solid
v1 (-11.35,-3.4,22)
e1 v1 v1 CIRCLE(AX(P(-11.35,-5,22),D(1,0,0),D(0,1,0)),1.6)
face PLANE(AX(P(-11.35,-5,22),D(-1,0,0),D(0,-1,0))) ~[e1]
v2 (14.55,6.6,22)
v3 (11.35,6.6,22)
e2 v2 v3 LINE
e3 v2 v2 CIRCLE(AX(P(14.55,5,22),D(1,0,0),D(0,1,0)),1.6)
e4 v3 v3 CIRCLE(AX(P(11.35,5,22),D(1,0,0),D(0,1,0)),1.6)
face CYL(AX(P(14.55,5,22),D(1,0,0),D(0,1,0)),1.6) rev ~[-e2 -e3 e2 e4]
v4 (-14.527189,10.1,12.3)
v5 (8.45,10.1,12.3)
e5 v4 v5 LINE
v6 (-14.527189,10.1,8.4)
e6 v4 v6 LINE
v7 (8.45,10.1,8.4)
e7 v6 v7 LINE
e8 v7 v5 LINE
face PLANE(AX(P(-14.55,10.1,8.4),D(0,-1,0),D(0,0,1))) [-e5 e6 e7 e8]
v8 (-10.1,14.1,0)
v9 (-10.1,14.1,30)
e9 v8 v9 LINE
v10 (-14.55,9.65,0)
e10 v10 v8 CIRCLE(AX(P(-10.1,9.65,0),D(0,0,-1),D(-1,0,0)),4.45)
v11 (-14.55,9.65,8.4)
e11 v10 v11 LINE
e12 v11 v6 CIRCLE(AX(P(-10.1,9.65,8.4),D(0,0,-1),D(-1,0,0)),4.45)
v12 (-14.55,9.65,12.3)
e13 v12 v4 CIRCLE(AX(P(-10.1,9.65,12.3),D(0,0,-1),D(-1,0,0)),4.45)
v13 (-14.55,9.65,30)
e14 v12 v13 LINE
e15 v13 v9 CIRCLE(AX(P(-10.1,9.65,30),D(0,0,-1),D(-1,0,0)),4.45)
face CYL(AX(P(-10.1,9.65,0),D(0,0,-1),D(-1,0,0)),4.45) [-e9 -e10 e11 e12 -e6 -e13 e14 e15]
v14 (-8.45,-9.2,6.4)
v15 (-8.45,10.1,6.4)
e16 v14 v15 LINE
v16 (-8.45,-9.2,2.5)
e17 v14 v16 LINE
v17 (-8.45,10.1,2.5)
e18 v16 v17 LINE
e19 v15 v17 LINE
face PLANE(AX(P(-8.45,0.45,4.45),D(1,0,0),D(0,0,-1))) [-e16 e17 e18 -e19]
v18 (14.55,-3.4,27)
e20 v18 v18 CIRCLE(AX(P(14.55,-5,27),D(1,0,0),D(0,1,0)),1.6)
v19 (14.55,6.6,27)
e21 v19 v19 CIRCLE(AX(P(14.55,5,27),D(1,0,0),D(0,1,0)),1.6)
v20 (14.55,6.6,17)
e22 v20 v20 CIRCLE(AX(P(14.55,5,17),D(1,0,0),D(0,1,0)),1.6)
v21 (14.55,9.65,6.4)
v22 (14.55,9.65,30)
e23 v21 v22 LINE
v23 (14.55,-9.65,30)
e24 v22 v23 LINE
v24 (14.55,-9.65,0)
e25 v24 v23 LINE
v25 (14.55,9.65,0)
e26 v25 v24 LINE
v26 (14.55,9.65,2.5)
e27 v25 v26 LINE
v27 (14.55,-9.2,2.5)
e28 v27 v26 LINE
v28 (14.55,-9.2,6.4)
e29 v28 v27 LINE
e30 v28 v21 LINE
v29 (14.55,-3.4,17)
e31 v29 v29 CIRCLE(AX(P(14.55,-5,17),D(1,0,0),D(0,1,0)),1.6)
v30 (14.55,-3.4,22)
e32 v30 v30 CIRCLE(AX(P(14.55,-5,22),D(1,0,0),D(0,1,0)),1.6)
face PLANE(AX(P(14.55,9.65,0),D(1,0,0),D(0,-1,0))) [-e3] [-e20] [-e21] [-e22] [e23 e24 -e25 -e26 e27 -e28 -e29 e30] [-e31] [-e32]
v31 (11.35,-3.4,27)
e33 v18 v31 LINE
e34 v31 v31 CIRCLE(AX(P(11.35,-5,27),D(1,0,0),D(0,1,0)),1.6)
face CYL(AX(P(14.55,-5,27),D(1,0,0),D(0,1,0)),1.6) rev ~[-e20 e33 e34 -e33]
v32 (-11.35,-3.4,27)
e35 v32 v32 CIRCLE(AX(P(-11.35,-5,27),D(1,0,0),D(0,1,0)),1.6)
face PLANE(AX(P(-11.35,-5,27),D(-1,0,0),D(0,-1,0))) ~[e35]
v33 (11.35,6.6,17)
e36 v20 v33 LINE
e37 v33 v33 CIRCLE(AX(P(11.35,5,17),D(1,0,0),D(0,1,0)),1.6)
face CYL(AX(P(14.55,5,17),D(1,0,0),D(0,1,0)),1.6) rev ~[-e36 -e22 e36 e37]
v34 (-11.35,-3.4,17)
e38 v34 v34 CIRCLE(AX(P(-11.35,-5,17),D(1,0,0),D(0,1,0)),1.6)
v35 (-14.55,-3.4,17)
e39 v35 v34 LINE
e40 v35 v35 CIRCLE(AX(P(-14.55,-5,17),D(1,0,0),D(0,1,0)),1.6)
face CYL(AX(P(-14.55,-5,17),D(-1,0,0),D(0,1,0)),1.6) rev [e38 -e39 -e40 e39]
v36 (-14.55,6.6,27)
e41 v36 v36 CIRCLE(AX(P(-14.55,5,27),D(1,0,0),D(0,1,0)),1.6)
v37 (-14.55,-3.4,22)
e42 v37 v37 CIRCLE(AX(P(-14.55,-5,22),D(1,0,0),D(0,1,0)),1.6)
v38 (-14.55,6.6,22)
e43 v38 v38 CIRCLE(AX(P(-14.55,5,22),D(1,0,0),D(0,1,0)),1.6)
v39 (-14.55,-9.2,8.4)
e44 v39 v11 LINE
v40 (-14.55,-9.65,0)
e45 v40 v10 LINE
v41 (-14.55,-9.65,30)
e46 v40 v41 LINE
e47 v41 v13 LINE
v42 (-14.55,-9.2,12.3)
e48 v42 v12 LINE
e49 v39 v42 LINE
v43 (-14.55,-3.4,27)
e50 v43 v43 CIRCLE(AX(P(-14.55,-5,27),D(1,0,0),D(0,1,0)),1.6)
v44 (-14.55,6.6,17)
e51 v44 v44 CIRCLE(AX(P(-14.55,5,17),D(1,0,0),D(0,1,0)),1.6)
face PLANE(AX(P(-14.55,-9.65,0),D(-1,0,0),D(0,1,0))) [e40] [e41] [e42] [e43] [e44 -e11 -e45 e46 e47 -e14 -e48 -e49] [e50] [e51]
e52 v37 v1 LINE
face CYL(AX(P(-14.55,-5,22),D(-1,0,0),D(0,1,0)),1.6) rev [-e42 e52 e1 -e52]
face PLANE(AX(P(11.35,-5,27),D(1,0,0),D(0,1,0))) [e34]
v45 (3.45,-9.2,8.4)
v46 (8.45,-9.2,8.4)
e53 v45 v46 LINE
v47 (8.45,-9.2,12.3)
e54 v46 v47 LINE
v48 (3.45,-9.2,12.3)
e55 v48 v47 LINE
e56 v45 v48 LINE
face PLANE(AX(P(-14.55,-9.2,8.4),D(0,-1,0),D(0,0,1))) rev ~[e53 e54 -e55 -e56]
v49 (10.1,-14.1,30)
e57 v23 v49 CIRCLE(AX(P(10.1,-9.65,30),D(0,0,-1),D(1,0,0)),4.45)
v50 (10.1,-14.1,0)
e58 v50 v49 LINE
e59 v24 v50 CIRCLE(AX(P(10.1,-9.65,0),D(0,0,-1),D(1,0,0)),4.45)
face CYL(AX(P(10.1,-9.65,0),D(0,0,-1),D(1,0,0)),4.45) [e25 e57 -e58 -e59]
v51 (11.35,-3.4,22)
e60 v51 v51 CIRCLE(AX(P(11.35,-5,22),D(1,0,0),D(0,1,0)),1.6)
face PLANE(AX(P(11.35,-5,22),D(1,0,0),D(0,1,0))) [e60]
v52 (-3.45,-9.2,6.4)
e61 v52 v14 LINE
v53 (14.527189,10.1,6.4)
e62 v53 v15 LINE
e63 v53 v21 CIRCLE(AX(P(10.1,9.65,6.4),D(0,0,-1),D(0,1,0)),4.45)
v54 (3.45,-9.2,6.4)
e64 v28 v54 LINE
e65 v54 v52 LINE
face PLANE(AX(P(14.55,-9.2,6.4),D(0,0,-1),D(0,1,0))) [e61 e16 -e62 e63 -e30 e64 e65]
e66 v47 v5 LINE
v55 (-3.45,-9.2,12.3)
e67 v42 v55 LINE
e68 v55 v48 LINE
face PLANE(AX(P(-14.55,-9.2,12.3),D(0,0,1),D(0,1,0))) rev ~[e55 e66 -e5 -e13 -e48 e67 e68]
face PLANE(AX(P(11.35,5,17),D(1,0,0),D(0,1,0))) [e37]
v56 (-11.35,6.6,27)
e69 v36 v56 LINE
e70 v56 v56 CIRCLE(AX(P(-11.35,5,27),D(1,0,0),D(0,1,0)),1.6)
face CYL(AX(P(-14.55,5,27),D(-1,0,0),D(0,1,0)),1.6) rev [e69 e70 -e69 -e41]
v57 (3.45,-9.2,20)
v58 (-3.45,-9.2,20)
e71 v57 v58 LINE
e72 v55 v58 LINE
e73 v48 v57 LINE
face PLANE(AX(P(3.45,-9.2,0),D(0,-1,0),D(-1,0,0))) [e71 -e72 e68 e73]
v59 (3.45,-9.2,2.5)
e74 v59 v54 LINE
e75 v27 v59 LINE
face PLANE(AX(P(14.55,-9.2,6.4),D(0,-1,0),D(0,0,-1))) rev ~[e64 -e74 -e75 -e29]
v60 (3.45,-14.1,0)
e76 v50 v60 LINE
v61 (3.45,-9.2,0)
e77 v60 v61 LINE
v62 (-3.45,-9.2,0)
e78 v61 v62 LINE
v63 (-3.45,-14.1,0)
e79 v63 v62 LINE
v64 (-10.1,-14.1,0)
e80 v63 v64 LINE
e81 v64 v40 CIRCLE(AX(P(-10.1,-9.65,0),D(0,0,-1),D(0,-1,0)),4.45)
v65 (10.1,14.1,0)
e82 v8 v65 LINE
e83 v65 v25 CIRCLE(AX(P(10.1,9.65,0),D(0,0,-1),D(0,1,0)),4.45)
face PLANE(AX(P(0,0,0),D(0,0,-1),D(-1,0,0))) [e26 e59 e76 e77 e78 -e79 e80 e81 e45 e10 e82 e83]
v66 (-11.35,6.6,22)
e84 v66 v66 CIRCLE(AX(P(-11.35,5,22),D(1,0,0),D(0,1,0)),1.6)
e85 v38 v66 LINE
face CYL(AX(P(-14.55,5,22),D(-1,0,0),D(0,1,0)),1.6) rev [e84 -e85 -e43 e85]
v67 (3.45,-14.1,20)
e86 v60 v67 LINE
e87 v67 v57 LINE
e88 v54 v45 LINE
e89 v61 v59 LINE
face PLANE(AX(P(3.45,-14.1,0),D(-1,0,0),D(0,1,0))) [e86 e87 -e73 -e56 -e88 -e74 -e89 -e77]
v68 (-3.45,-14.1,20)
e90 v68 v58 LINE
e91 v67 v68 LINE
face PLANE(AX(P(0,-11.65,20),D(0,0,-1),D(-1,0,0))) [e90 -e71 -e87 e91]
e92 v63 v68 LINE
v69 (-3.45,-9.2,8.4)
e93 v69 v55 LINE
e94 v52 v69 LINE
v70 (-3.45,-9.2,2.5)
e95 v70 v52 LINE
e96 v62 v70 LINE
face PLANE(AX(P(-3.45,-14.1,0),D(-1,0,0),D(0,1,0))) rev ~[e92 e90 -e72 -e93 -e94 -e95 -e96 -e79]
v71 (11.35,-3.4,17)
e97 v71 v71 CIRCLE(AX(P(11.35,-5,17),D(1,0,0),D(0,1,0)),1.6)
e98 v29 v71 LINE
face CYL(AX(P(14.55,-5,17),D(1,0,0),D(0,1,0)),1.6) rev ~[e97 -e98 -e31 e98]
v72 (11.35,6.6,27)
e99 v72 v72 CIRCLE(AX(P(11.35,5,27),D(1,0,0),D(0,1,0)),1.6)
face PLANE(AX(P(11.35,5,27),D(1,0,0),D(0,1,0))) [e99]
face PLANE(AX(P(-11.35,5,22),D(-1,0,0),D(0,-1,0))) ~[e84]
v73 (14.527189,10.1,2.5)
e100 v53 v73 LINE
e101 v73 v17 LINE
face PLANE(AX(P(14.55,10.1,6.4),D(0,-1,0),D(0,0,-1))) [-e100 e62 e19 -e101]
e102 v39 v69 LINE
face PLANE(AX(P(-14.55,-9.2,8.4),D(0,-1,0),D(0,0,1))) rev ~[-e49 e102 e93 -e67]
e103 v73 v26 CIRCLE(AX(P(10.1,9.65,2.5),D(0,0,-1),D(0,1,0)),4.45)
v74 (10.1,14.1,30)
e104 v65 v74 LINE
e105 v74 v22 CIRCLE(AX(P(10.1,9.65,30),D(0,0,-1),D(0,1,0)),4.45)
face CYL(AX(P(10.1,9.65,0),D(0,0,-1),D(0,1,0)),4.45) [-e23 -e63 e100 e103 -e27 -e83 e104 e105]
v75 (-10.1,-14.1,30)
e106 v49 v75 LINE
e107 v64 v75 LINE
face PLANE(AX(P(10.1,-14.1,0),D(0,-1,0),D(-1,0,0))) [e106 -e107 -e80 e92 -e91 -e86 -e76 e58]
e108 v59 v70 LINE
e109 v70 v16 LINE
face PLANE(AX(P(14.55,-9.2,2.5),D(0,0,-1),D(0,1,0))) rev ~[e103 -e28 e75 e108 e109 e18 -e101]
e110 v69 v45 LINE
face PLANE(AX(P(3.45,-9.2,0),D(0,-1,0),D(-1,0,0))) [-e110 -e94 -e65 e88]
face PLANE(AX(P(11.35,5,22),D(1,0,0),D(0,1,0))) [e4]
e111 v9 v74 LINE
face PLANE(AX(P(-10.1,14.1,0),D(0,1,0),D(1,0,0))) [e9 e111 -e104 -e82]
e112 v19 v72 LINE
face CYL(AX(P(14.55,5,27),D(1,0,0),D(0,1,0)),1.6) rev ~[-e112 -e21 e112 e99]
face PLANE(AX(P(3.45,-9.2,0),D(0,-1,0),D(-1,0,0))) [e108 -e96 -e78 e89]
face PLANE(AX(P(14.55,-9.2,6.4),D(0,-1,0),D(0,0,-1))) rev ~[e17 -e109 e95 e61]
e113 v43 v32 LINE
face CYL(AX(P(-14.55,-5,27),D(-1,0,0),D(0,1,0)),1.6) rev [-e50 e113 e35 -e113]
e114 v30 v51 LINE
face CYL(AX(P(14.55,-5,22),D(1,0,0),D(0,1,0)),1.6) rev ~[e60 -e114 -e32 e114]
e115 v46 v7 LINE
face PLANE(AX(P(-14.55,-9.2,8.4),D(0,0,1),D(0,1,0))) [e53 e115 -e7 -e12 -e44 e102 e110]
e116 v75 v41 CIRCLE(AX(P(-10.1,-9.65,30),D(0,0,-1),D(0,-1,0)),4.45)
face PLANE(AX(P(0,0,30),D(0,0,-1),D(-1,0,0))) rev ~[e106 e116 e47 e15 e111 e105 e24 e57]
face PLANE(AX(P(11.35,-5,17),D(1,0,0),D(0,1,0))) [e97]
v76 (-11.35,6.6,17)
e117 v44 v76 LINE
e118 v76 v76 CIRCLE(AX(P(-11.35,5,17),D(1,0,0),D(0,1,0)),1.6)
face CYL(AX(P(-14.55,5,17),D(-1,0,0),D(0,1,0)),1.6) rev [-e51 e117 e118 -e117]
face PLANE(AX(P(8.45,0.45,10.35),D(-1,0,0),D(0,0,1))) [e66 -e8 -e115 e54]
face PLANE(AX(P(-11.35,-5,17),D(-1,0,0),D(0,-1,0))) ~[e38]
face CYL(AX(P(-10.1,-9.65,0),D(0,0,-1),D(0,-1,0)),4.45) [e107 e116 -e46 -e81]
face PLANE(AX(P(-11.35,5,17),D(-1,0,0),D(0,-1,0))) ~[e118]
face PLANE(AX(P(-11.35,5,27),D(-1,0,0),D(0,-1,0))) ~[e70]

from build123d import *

# Parameters (mm, degrees)
EXTRUDE_1_DEPTH     = 30
SKETCH_2_R          = 1.6
CUT_EXTRUDE_1_DEPTH = 3.2
SKETCH_4_W          = 3.9
SKETCH_4_H          = 19.3
CUT_EXTRUDE_2_DEPTH = 23
SKETCH_5_W          = 3.9
SKETCH_5_H          = 19.3
CUT_EXTRUDE_3_DEPTH = 23
SKETCH_6_W          = 6.9
SKETCH_6_H          = 4.9
CUT_EXTRUDE_4_DEPTH = 20


with BuildPart() as part:
    # 草图1 → 凸台-拉伸1 (new body)
    with BuildSketch(Plane.XY):
        with BuildLine():
            Line((-10.1, 14.1), (10.1, 14.1))
            ThreePointArc((10.1, 14.1), (13.246625176, 12.796625176), (14.55, 9.65))
            Line((14.55, 9.65), (14.55, -9.65))
            ThreePointArc((14.55, -9.65), (13.246625176, -12.796625176), (10.1, -14.1))
            Line((10.1, -14.1), (-10.1, -14.1))
            ThreePointArc((-10.1, -14.1), (-13.246625176, -12.796625176), (-14.55, -9.65))
            Line((-14.55, -9.65), (-14.55, 9.65))
            ThreePointArc((-14.55, 9.65), (-13.246625176, 12.796625176), (-10.1, 14.1))
        make_face()
    extrude(amount=EXTRUDE_1_DEPTH)

    # 草图2 → 切除-拉伸1 (cut)
    with BuildSketch(Plane(origin=(14.55, 0, 0), x_dir=(0, 0, -1), z_dir=(1, 0, 0))):
        with Locations(Location((-27, -5, 0), (0, 0, 90))):
            Circle(SKETCH_2_R)
        with Locations(Location((-22, -5, 0), (0, 0, 90))):
            Circle(SKETCH_2_R)
        with Locations(Location((-17, -5, 0), (0, 0, 90))):
            Circle(SKETCH_2_R)
        with Locations(Location((-22, 5, 0), (0, 0, 90))):
            Circle(SKETCH_2_R)
        with Locations(Location((-17, 5, 0), (0, 0, 90))):
            Circle(SKETCH_2_R)
        with Locations(Location((-27, 5, 0), (0, 0, 90))):
            Circle(SKETCH_2_R)
    cut_extrude_1 = extrude(amount=-CUT_EXTRUDE_1_DEPTH, mode=Mode.SUBTRACT)

    # 镜向1: 切除-拉伸1 across plane
    add(cut_extrude_1.mirror(Plane(origin=(0, 0, 0), x_dir=(0, 0, 1), z_dir=(1, 0, 0))), mode=Mode.SUBTRACT)

    # 草图4 → 切除-拉伸2 (cut)
    with BuildSketch(Plane(origin=(14.55, 0, 0), x_dir=(0, 0, -1), z_dir=(1, 0, 0))):
        with Locations((-4.45, 0.45)):
            Rectangle(SKETCH_4_W, SKETCH_4_H)
    extrude(amount=-CUT_EXTRUDE_2_DEPTH, mode=Mode.SUBTRACT)

    # 草图5 → 切除-拉伸3 (cut)
    with BuildSketch(Plane.ZY.offset(14.55)):
        with Locations((10.35, 0.45)):
            Rectangle(SKETCH_5_W, SKETCH_5_H)
    extrude(amount=-CUT_EXTRUDE_3_DEPTH, mode=Mode.SUBTRACT)

    # 草图6 → 切除-拉伸4 (cut)
    with BuildSketch(Plane(origin=(0, 0, 0), x_dir=(-1, 0, 0), z_dir=(0, 0, -1))):
        with Locations((0, -11.65)):
            Rectangle(SKETCH_6_W, SKETCH_6_H)
    extrude(amount=-CUT_EXTRUDE_4_DEPTH, mode=Mode.SUBTRACT)


solid = part.part
